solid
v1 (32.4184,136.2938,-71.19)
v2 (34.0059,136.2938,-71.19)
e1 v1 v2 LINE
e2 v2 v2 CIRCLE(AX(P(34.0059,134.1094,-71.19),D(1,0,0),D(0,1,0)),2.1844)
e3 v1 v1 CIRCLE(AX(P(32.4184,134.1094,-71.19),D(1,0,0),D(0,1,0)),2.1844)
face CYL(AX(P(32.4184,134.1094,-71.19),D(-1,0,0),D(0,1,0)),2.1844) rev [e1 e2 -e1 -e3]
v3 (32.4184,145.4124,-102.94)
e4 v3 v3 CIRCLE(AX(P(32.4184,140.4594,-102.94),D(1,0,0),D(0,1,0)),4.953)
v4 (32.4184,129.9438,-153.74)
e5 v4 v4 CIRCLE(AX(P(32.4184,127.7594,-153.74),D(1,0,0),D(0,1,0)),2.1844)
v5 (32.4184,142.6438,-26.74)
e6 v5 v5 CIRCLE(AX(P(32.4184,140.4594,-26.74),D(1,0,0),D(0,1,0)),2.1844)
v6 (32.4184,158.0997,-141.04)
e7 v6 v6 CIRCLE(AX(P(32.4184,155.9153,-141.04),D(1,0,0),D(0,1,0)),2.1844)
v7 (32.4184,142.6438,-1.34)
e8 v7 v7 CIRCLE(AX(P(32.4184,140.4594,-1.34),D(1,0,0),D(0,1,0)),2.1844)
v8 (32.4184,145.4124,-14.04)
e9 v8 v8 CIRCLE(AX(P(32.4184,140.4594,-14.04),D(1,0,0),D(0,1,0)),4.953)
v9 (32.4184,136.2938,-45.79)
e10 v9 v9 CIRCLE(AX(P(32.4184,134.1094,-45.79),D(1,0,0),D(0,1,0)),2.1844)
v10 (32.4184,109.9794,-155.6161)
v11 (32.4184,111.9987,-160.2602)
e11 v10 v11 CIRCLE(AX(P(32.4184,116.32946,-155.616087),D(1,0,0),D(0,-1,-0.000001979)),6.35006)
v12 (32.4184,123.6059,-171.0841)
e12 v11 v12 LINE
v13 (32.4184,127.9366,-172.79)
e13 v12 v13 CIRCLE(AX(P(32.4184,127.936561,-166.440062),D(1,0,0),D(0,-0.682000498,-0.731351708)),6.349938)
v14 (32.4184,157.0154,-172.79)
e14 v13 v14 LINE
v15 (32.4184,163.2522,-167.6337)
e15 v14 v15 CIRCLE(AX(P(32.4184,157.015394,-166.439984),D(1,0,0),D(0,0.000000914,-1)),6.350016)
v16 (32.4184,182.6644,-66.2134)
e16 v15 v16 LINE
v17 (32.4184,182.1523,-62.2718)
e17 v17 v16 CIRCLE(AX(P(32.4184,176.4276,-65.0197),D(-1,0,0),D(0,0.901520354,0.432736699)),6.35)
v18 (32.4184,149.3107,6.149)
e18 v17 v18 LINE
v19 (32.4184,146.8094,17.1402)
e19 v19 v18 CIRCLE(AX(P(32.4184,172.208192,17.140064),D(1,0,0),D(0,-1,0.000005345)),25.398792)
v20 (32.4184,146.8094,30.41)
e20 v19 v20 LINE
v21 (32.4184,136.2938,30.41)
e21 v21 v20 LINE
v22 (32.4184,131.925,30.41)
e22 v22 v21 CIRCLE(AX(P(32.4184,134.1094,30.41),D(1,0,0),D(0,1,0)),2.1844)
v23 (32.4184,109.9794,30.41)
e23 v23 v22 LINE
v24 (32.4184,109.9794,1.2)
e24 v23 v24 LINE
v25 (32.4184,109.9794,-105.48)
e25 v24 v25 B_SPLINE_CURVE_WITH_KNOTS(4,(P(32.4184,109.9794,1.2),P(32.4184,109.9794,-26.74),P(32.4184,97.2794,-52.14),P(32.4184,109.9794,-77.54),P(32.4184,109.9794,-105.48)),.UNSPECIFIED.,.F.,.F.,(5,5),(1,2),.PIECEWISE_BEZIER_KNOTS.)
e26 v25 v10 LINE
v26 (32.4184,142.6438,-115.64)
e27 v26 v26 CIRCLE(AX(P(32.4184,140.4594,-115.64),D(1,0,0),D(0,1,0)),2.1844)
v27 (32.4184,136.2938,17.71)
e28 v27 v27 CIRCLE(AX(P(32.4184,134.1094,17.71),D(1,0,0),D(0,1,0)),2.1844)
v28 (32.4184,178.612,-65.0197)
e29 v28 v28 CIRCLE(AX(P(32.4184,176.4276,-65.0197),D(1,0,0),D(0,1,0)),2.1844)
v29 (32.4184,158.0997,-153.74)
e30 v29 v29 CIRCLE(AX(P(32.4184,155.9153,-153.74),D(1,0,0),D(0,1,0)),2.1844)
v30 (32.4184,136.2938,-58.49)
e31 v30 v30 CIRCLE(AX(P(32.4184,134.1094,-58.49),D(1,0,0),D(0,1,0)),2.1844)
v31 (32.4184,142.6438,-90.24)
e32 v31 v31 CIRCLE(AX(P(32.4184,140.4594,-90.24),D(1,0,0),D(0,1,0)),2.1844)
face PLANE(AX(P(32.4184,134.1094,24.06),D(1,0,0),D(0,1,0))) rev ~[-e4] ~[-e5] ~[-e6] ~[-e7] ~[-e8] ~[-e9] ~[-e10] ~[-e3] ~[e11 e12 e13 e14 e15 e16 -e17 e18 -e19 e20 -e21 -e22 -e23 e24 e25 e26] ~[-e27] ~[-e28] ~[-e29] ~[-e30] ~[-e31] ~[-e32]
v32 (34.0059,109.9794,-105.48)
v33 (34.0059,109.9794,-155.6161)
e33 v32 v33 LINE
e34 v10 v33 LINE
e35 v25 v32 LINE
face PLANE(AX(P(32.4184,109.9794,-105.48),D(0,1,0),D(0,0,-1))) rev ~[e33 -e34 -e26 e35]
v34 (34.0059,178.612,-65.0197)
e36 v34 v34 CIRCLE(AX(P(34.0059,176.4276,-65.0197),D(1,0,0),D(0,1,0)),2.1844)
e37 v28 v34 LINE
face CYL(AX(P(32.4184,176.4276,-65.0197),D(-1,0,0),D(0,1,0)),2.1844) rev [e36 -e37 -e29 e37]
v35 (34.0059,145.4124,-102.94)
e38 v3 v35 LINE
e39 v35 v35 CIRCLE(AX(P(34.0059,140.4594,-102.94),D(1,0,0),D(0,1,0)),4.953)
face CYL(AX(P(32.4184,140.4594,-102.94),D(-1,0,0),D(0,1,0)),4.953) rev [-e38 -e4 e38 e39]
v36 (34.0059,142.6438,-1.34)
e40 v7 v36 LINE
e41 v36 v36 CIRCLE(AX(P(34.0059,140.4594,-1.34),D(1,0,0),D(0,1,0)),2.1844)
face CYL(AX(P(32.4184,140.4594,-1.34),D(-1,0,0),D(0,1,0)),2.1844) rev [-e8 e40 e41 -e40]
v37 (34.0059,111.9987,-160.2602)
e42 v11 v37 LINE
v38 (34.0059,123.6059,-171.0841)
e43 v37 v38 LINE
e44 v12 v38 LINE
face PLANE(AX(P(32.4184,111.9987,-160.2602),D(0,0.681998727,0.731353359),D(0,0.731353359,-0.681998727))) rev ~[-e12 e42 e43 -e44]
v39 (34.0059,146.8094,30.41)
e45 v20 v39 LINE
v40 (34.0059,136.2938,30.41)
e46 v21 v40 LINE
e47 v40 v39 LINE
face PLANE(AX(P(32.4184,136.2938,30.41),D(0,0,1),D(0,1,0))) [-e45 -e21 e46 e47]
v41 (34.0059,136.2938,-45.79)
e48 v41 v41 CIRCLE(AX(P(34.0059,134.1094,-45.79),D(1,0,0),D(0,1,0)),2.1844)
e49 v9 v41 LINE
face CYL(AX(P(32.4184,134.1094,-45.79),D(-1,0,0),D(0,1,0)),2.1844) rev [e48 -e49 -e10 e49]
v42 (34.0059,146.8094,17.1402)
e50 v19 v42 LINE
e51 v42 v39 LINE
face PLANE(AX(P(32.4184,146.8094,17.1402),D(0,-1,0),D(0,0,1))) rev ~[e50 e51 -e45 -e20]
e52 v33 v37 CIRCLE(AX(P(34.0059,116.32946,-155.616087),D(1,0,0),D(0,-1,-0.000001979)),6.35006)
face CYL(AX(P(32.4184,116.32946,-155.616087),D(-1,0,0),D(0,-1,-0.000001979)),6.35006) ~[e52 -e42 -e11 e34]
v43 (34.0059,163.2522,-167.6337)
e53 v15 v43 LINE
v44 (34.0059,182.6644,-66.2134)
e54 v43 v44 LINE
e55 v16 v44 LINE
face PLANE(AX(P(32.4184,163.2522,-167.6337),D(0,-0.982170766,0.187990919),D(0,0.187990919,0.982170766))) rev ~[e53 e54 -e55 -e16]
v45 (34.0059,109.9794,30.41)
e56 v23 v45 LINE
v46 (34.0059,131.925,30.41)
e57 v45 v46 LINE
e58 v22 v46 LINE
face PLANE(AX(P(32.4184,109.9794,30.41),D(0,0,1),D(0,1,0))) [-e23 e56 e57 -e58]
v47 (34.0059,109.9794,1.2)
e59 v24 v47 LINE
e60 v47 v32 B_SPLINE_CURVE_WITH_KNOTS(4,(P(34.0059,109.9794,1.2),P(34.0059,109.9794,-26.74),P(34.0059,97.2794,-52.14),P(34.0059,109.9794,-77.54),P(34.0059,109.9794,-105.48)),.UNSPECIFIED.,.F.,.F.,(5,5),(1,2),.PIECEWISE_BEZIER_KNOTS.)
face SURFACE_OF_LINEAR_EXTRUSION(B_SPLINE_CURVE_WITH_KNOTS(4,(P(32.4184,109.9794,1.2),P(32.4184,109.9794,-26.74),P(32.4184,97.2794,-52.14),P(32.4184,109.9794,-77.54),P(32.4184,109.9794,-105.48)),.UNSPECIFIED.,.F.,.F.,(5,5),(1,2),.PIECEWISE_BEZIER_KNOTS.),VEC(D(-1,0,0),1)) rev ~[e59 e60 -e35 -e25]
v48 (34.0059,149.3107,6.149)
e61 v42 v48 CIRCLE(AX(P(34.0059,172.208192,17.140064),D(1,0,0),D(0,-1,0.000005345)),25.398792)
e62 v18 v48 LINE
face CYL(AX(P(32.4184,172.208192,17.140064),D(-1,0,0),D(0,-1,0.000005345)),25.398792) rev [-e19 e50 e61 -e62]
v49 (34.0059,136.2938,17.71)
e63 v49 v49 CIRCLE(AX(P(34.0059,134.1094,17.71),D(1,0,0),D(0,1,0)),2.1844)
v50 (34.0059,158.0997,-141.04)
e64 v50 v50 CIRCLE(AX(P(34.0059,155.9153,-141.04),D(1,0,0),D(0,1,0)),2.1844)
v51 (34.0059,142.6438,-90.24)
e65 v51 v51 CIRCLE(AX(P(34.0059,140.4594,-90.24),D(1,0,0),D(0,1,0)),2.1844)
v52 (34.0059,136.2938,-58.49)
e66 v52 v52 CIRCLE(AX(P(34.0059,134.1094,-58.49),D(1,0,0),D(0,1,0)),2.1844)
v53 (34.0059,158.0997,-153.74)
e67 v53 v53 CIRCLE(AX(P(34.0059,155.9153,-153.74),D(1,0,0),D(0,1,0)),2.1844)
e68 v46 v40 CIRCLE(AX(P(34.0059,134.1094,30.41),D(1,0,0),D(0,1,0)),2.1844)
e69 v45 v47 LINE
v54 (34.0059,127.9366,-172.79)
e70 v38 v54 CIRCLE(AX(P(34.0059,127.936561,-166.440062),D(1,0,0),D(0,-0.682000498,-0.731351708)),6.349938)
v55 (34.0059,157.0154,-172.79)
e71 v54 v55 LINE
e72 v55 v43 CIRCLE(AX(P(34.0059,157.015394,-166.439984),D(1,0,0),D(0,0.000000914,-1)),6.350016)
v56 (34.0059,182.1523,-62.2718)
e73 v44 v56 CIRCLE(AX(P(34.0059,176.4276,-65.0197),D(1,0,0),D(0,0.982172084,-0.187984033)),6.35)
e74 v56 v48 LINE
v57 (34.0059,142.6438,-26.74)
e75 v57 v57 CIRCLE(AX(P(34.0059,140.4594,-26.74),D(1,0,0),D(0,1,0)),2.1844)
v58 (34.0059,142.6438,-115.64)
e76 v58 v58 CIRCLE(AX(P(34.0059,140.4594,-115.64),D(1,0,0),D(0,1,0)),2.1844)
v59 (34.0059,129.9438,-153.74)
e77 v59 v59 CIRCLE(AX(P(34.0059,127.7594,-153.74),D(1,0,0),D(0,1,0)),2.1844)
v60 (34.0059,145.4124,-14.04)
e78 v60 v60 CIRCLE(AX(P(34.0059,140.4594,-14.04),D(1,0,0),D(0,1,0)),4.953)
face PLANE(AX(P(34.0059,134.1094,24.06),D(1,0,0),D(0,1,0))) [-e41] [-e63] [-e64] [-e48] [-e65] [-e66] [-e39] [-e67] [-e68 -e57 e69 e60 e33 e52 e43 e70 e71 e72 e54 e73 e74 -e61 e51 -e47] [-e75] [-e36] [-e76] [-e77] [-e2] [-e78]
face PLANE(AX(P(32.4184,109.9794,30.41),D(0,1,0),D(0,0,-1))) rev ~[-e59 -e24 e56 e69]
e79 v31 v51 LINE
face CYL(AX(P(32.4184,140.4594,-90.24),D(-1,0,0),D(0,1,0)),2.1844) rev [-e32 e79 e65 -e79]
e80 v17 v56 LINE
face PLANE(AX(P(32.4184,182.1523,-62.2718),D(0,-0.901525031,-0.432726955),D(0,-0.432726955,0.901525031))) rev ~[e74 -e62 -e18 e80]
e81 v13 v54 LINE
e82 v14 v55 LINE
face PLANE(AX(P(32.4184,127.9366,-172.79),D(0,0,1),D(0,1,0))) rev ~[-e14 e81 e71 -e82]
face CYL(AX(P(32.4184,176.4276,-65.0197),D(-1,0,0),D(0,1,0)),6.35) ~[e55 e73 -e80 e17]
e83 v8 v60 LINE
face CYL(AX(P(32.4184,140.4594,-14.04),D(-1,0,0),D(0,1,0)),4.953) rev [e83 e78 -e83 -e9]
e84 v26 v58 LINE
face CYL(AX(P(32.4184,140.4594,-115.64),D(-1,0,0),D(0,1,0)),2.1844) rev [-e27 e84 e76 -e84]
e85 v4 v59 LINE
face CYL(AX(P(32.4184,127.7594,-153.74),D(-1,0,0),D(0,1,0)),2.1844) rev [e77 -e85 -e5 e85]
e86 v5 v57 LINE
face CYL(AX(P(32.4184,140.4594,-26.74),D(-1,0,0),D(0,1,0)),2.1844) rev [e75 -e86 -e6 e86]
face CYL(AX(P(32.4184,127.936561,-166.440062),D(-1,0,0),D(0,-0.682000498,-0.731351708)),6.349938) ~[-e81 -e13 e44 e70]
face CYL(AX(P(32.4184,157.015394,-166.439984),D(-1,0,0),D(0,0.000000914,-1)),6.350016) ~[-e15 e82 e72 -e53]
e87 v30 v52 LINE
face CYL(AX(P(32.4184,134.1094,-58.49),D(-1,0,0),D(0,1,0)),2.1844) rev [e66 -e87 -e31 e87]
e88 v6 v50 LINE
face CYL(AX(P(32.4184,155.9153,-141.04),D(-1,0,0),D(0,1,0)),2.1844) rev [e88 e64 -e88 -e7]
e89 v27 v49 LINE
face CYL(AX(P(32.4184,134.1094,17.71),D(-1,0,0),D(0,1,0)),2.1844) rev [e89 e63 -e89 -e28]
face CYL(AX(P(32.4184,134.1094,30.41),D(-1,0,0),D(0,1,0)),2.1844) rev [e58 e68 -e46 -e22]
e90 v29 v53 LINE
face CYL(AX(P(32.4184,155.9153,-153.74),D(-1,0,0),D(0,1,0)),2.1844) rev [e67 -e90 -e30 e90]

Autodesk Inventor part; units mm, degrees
ref_plane "YZ Plane" through (0, 0, 0) normal (1, 0, 0) x (0, 1, 0)
ref_plane "XZ Plane" through (0, 0, 0) normal (0, 1, 0) x (-1, 0, 0)
ref_plane "XY Plane" through (0, 0, 0) normal (0, 0, 1) x (1, 0, 0)
ref_plane "Work Plane1" through (32.4184, 134.1094, 24.06) normal (1, 0, 0) x (0, 1, 0)
sketch "Sketch1" plane through (32.4184, 134.1094, 24.06) normal (1, 0, 0) x (0, 1, 0)
  line L0 (-24.13, 172.2574) -> (-24.13, 6.35) projected
  line L1 (-24.13, 6.35) -> (-2.1844, 6.35) projected
  line L2 (-10.3187, -184.15) -> (-2.3114, -184.15) projected
  circle A0 centre (6.35, -127) radius 2.1844 projected
  circle A1 centre (6.35, -38.1) radius 2.1844 projected
  circle A2 centre (0, -82.55) radius 2.1844 projected
  circle A3 centre (0, 6.35) radius 2.1844 projected
  circle A4 centre (0, -6.35) radius 2.1844 projected
  circle A5 centre (42.3182, -89.0797) radius 2.1844 projected
  line L3 (-24.13, 6.35) -> (-24.13, -179.6761)
  line L4 (-22.1107, -184.3202) -> (-10.5035, -195.1441)
  line L5 (-6.1728, -196.85) -> (22.906, -196.85)
  line L6 (29.1428, -191.6937) -> (48.555, -90.2734)
  line L7 (-24.13, 6.35) -> (12.7, 6.35)
  line L8 (12.7, -7.2898) -> (12.7, -68.7578) projected
  circle A6 centre (42.3182, -89.0797) radius 6.35
  line L9 (48.0429, -86.3318) -> (15.2013, -17.911)
  line L10 (12.7, -6.9198) -> (12.7, 6.35)
  circle A7 centre (21.8059, -177.8) radius 2.1844 projected
  circle A8 centre (21.8059, -165.1) radius 2.1844 projected
  arc A9 (12.7, -6.9198) -> (15.2013, -17.911) centre (38.1, -6.9198) ccw
  arc A10 (22.906, -196.85) -> (29.1428, -191.6937) centre (22.906, -190.5) ccw
  arc A11 (-10.5035, -195.1441) -> (-6.1728, -196.85) centre (-6.1728, -190.5) ccw
  arc A12 (-24.13, -179.6761) -> (-22.1107, -184.3202) centre (-17.78, -179.6761) ccw
  circle A13 centre (-6.35, -76.2) radius 2.1844 construction
  line L11 (-24.13, -22.86) -> (-24.13, -50.8) construction
  line L12 (-24.13, -50.8) -> (-36.83, -76.2) construction
  line L13 (-36.83, -76.2) -> (-24.13, -101.6) construction
  line L14 (-24.13, -101.6) -> (-24.13, -129.54) construction
  spline S0 degree 4 poles (-24.13, -22.86) (-24.13, -50.8) (-36.83, -76.2) (-24.13, -101.6) (-24.13, -129.54) knots 1 1 1 1 1 2 2 2 2 2
  circle A14 centre (6.35, -127) radius 4.953
  circle A15 centre (6.35, -38.1) radius 4.953
  circle A16 centre (0, -95.25) radius 2.1844
  circle A17 centre (6.35, -25.4) radius 2.1844 projected
  circle A18 centre (6.35, -50.8) radius 2.1844 projected
  circle A19 centre (0, -95.25) radius 2.1844 projected
  circle A20 centre (0, -69.85) radius 2.1844
  circle A21 centre (0, -82.55) radius 2.1844
  circle A22 centre (6.35, -114.3) radius 2.1844 projected
  circle A23 centre (6.35, -139.7) radius 2.1844 projected
  circle A24 centre (6.35, -127) radius 2.1844 projected
  circle A25 centre (-6.35, -177.8) radius 2.1844 projected
  point P0 (-134.1094, -24.06)
  point P1 (0, -82.55)
  point P2 (-8.6741, -196.85)
  point P3 (28.1559, -196.85)
  point P4 (12.7, -12.7)
  point P5 (-6.3151, -184.15)
  point P6 (2.1844, 6.35)
  point P7 (-24.13, -22.86)
  point P8 (-24.13, -129.54)
  dimension "d0" = 12.7
  dimension "d1" = 12.7
  dimension "d2" = 133
  dimension "d3" = 6.35
  dimension "d4" = 36.83
  dimension "d5" = 19.05
  dimension "d6" = 25.4
  dimension "d7" = 6.35
  dimension "d8" = 27.94
  dimension "d9" = 27.94
  dimension "d10" = 25.4
  dimension "d11" = 25.4
  dimension "d12" = 12.7
  dimension "d13" = 9.906
  dimension "d14" = 9.906
  dimension "d18" = 4.3688
extrude "Extrusion1" add sketch "Sketch1" along normal blind 1.5875 contours L1 A3 L7 L10 A9 L9 A6 L6 A10 L5 A11 L4 A12 L3 | L3 S0 | A6
